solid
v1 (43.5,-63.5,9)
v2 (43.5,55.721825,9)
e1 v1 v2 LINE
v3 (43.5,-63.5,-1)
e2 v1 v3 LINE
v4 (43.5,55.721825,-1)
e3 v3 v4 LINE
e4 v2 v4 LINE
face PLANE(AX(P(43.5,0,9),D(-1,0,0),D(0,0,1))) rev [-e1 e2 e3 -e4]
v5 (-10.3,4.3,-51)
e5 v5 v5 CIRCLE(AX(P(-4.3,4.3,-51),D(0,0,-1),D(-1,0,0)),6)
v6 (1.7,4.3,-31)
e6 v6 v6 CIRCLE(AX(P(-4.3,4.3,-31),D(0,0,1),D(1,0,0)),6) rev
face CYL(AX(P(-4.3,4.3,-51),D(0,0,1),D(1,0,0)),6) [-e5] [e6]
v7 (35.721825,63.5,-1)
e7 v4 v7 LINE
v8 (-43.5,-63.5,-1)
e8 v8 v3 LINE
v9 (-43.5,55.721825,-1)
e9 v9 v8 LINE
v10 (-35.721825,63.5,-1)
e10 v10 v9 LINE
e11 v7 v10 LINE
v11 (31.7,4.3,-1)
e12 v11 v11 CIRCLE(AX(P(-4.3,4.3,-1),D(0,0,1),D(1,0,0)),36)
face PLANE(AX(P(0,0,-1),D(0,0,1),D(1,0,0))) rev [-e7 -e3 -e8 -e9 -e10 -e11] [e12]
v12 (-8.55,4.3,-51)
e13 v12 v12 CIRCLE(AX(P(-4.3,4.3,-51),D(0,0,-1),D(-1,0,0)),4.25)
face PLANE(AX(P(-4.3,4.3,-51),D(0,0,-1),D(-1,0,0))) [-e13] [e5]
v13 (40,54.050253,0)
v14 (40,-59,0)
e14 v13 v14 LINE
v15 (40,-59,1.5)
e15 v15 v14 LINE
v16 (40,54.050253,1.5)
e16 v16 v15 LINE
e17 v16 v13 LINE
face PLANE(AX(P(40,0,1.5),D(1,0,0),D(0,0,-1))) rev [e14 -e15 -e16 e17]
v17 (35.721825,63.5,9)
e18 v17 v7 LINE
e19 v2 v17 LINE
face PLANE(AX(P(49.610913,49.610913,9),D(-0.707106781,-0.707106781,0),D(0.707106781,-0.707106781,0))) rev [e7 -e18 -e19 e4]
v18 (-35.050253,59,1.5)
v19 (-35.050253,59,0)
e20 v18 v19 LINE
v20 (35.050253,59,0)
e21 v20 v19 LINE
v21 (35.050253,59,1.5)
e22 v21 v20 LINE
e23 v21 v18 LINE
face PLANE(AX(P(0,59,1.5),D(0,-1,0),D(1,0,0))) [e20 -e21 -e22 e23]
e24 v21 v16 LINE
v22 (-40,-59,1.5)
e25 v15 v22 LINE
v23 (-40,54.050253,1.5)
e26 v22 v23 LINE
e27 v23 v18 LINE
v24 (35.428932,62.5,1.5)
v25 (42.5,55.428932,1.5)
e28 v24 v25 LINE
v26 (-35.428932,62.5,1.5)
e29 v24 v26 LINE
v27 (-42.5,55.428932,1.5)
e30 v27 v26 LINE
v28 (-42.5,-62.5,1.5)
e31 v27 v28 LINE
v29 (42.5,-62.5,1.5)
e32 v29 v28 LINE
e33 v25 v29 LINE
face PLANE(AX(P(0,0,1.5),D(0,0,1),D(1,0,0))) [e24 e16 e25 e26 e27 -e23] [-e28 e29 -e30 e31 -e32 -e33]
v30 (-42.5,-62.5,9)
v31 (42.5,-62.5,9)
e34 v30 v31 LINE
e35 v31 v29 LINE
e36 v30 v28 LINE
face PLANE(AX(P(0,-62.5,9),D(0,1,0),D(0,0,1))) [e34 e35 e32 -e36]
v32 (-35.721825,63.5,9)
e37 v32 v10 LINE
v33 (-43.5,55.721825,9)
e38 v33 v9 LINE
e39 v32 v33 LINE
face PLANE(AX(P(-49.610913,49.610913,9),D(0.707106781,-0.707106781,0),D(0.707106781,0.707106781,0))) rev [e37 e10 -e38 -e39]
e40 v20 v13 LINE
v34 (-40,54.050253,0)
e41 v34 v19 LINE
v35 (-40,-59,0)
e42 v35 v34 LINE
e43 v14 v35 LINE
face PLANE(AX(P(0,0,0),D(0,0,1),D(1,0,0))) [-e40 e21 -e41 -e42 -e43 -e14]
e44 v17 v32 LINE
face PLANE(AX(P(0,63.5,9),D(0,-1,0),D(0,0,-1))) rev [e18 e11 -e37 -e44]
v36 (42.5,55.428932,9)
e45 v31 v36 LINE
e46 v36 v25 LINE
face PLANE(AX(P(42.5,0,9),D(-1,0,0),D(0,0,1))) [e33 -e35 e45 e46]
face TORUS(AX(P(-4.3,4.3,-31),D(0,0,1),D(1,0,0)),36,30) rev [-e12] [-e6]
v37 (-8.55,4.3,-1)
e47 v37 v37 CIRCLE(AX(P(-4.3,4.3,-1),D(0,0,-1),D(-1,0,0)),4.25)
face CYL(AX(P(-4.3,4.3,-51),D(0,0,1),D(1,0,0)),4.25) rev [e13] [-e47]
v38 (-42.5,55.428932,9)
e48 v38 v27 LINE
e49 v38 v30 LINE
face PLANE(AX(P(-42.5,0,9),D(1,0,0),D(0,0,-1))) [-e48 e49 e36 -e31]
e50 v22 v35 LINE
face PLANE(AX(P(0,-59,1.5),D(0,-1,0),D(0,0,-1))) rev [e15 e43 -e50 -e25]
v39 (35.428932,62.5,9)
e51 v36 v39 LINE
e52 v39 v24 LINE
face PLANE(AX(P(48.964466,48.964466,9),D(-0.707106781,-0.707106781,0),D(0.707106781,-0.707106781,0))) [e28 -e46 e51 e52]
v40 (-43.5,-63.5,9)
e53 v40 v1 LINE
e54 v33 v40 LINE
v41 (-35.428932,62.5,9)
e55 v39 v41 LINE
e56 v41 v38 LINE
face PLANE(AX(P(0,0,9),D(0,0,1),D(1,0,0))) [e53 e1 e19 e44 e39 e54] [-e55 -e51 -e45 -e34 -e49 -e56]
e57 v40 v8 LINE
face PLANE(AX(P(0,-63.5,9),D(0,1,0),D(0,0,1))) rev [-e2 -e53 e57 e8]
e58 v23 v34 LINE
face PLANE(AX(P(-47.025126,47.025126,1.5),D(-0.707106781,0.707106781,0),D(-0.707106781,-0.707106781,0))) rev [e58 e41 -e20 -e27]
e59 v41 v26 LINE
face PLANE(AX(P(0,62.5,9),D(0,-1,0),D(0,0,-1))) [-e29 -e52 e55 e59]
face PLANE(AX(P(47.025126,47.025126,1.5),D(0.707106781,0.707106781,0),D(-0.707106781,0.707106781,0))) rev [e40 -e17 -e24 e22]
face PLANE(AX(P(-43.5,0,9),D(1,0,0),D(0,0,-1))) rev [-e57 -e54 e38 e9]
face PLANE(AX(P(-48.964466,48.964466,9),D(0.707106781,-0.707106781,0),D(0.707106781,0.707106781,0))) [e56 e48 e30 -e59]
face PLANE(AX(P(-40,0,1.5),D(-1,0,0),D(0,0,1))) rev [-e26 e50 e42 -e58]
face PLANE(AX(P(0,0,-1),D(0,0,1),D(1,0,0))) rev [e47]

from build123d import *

# Parameters (mm, degrees)
BOSS_EXTRUDE1_DEPTH = 1.5
BOSS_EXTRUDE2_DEPTH = 9
BOSS_EXTRUDE3_DEPTH = 1
SKETCH4_R           = 6
SKETCH4_R_2         = 4.25
BOSS_EXTRUDE4_DEPTH = 50
SKETCH5_R           = 6
SKETCH5_R_2         = 4.25
BOSS_EXTRUDE5_DEPTH = 20
FILLET1_R           = 30


with BuildPart() as part:
    # Sketch1 → Boss-Extrude1 (new body)
    with BuildSketch(Plane(origin=(0, 0, 0), x_dir=(0, 1, 0), z_dir=(0, 0, 1))):
        Polygon((-62.5, -42.5), (-62.5, 42.5), (55.428932188, 42.5), (62.5, 35.428932188), (62.5, -35.428932188), (55.428932188, -42.5), align=None)
        Polygon((54.050252532, 40), (59, 35.050252532), (59, -35.050252532), (54.050252532, -40), (-59, -40), (-59, 40), align=None, mode=Mode.SUBTRACT)
    extrude(amount=BOSS_EXTRUDE1_DEPTH)

    # Sketch2 → Boss-Extrude2 (add)
    with BuildSketch(Plane(origin=(0, 0, 0), x_dir=(0, 1, 0), z_dir=(0, 0, 1))):
        Polygon((-63.5, 43.5), (-63.5, -43.5), (55.721825407, -43.5), (63.5, -35.721825407), (63.5, 35.721825407), (55.721825407, 43.5), align=None)
        Polygon((-62.5, -42.5), (55.428932188, -42.5), (62.5, -35.428932188), (62.5, 35.428932188), (55.428932188, 42.5), (-62.5, 42.5), align=None, mode=Mode.SUBTRACT)
    extrude(amount=BOSS_EXTRUDE2_DEPTH)

    # Sketch3 → Boss-Extrude3 (add)
    with BuildSketch(Plane(origin=(0, 0, 0), x_dir=(0, 1, 0), z_dir=(0, 0, 1))):
        Polygon((55.721825407, 43.5), (-63.5, 43.5), (-63.5, -43.5), (55.721825407, -43.5), (63.5, -35.721825407), (63.5, 35.721825407), align=None)
    extrude(amount=-BOSS_EXTRUDE3_DEPTH)

    # Sketch4 → Boss-Extrude4 (add)
    with BuildSketch(Plane(origin=(0, 0, -1), x_dir=(1, 0, 0), z_dir=(0, 0, -1))):
        with Locations((-4.3, -4.3)):
            Circle(SKETCH4_R)
        with Locations(Location((-4.3, -4.3, 0), (0, 0, 180))):
            Circle(SKETCH4_R_2, mode=Mode.SUBTRACT)
    extrude(amount=BOSS_EXTRUDE4_DEPTH)

    # Sketch5 → Boss-Extrude5 (add)
    with BuildSketch(Plane(origin=(0, 0, -1), x_dir=(1, 0, 0), z_dir=(0, 0, -1))):
        with Locations((-4.3, -4.3)):
            Circle(SKETCH5_R)
        with Locations(Location((-4.3, -4.3, 0), (0, 0, 180))):
            Circle(SKETCH5_R_2, mode=Mode.SUBTRACT)
    extrude(amount=BOSS_EXTRUDE5_DEPTH)

    # Fillet1
    fillet1_edges = [part.edges().sort_by_distance(p)[0] for p in [
        (-10.3, 4.3, -1),
    ]]
    fillet(fillet1_edges, radius=FILLET1_R)


solid = part.part
